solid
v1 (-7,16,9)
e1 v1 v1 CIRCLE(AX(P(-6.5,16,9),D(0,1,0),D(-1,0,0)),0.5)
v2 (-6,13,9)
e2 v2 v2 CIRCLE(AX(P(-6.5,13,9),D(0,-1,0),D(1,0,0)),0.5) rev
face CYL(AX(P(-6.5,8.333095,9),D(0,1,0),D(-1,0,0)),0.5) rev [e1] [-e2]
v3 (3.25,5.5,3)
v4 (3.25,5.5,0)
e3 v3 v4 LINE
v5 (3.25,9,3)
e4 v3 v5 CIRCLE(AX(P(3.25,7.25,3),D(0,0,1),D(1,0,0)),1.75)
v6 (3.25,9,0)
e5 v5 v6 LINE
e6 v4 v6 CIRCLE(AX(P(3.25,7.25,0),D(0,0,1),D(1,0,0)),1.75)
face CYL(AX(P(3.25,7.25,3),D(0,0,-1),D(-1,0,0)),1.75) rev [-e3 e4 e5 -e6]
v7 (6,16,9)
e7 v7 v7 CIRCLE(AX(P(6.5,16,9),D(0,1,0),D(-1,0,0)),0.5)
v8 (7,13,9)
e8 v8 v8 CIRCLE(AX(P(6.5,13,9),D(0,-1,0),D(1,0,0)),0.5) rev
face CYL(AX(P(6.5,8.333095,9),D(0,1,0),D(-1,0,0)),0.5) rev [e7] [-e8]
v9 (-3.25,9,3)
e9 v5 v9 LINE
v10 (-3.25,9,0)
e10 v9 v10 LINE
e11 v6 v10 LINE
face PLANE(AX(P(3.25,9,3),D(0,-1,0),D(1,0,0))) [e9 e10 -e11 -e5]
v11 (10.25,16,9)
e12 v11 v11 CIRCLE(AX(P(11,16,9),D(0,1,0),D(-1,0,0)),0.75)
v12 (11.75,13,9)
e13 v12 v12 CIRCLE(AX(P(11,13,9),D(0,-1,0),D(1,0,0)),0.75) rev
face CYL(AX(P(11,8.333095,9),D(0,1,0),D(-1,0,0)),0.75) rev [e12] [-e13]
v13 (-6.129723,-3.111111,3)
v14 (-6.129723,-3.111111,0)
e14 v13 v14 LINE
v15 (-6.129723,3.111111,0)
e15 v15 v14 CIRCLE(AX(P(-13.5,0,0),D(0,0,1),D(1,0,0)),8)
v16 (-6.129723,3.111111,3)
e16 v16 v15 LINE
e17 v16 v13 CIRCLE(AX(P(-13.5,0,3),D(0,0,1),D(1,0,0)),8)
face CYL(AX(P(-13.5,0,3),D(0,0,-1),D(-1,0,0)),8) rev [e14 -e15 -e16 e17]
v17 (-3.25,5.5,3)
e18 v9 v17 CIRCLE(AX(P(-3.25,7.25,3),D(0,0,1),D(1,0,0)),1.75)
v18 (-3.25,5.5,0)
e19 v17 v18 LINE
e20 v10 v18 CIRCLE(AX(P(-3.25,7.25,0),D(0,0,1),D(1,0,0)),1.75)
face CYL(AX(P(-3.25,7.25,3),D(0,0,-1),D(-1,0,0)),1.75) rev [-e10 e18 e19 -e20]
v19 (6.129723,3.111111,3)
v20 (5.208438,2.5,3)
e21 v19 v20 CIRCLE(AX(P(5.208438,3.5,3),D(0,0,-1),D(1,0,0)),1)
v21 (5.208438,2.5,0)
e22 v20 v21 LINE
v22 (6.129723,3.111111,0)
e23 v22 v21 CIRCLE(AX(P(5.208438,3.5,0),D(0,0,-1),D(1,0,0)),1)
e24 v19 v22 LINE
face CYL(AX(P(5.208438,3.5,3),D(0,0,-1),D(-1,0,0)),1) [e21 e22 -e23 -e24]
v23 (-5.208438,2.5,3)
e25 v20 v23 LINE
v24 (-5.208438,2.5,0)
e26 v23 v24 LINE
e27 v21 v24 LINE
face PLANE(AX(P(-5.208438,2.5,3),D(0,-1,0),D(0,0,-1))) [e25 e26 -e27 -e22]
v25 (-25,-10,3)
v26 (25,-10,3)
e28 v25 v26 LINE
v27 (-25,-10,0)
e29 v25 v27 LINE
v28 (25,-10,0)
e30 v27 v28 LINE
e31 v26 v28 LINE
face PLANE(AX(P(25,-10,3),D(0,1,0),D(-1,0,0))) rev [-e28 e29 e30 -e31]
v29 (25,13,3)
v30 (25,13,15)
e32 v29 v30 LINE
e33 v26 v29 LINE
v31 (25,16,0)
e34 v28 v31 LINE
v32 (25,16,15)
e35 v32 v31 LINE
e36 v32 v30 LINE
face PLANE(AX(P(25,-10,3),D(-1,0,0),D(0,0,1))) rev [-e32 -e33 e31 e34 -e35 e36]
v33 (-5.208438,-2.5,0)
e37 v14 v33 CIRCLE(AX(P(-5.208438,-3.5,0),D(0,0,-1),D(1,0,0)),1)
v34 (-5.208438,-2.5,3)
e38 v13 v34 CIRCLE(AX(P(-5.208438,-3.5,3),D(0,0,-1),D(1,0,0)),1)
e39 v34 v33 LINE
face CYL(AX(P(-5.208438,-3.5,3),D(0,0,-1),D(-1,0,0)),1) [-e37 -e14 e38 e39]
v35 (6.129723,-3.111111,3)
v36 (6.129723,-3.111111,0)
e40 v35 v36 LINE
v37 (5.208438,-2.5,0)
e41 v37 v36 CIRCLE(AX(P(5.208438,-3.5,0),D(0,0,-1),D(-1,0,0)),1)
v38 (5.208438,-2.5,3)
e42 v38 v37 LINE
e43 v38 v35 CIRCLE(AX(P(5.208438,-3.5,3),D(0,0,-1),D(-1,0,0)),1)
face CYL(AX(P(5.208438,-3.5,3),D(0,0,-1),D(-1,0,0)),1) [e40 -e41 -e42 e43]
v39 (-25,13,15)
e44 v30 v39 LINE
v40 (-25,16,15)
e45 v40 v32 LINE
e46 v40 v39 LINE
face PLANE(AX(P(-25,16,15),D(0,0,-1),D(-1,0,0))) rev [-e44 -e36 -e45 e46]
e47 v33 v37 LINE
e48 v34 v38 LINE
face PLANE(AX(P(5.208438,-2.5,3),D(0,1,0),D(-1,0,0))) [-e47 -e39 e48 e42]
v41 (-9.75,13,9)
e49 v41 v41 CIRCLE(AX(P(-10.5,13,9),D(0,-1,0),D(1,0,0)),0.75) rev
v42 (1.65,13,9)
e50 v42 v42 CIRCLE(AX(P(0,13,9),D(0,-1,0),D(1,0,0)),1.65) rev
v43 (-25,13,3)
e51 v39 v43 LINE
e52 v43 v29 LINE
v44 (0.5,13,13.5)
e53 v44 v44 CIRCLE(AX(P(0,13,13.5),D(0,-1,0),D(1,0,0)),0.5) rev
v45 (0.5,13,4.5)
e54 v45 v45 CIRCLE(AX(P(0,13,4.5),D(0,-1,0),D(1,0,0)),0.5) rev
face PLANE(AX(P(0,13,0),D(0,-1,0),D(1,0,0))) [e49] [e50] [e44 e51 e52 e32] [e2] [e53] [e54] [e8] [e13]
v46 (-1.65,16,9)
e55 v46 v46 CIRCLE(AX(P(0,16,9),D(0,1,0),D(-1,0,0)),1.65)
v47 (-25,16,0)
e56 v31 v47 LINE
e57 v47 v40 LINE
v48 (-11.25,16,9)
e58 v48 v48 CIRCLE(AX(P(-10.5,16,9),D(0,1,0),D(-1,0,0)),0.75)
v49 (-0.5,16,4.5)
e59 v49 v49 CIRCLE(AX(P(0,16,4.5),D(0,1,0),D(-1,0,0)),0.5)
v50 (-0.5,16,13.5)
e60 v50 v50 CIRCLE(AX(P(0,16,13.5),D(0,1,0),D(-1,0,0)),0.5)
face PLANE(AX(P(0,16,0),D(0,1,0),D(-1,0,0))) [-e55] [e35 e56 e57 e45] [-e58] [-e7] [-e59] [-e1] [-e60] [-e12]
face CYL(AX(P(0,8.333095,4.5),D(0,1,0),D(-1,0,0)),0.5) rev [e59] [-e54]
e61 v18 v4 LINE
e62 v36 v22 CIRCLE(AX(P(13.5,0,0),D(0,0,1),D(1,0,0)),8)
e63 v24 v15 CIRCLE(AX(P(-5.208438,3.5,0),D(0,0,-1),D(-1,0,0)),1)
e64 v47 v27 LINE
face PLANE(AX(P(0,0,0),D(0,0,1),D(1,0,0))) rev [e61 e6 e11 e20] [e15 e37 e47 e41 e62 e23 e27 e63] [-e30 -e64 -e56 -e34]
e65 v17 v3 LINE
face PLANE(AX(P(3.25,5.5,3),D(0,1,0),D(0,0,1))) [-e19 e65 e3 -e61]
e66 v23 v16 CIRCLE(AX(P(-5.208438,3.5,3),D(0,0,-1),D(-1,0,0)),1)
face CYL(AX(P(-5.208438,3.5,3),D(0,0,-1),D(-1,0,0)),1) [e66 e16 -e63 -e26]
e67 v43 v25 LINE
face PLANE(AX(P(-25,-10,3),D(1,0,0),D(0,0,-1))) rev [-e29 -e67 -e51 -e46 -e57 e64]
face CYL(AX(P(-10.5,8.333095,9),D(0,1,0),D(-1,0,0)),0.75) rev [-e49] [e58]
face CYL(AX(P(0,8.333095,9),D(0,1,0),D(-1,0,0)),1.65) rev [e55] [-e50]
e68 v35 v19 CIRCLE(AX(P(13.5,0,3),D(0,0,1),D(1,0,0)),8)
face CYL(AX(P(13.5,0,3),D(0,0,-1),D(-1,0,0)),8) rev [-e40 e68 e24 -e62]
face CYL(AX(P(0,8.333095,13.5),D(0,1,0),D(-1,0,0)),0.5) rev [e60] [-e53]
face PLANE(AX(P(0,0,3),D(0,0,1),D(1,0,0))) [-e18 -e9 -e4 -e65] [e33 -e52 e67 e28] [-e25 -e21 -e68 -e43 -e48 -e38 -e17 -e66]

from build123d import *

# Parameters (mm, degrees)
SKETCH_1_W          = 50
SKETCH_1_H          = 20
EXTRUDE_1_DEPTH     = 3
SKETCH_2_W          = 50
SKETCH_2_H          = 15
EXTRUDE_2_DEPTH     = 6
SKETCH_5_W          = 50
SKETCH_5_H          = 12
CUT_EXTRUDE_2_DEPTH = 3
SKETCH_4_R          = 1.65
SKETCH_4_R_2        = 0.5
SKETCH_4_R_3        = 0.75
CUT_EXTRUDE_1_DEPTH = 3


with BuildPart() as part:
    # 草图1 → 凸台-拉伸1 (new body)
    with BuildSketch(Plane.XY):
        Rectangle(SKETCH_1_W, SKETCH_1_H)
        with BuildLine():
            Line((-5.208438024, 2.5), (5.208438024, 2.5))
            ThreePointArc((5.208438024, 2.5), (5.761208823, 2.666666667), (6.129722688, 3.111111111))
            ThreePointArc((6.129722688, 3.111111111), (21.5, 0), (6.129722688, -3.111111111))
            ThreePointArc((6.129722688, -3.111111111), (5.761208823, -2.666666667), (5.208438024, -2.5))
            Line((5.208438024, -2.5), (-5.208438024, -2.5))
            ThreePointArc((-5.208438024, -2.5), (-5.761208823, -2.666666667), (-6.129722688, -3.111111111))
            ThreePointArc((-6.129722688, -3.111111111), (-21.5, 0), (-6.129722688, 3.111111111))
            ThreePointArc((-6.129722688, 3.111111111), (-5.761208823, 2.666666667), (-5.208438024, 2.5))
        make_face(mode=Mode.SUBTRACT)
        with BuildLine():
            Line((3.25, 5.5), (-3.25, 5.5))
            ThreePointArc((-3.25, 5.5), (-5, 7.25), (-3.25, 9))
            Line((-3.25, 9), (3.25, 9))
            ThreePointArc((3.25, 9), (5, 7.25), (3.25, 5.5))
        make_face(mode=Mode.SUBTRACT)
    extrude(amount=EXTRUDE_1_DEPTH)

    # 草图2 → 凸台-拉伸2 (add)
    with BuildSketch(Plane(origin=(0, 10, 0), x_dir=(1, 0, 0), z_dir=(0, 1, 0))):
        with Locations((0, -7.5)):
            Rectangle(SKETCH_2_W, SKETCH_2_H)
    extrude(amount=EXTRUDE_2_DEPTH)

    # 草图5 → 切除-拉伸2 (cut)
    with BuildSketch(Plane.XZ.offset(-10)):
        with Locations((0, 9)):
            Rectangle(SKETCH_5_W, SKETCH_5_H)
    extrude(amount=-CUT_EXTRUDE_2_DEPTH, mode=Mode.SUBTRACT)

    # 草图4 → 切除-拉伸1 (cut)
    with BuildSketch(Plane(origin=(0, 16, 0), x_dir=(1, 0, 0), z_dir=(0, 1, 0))):
        with Locations((0, -9)):
            Circle(SKETCH_4_R)
        with Locations((6.5, -9)):
            Circle(SKETCH_4_R_2)
        with Locations((-6.5, -9)):
            Circle(SKETCH_4_R_2)
        with Locations((11, -9)):
            Circle(SKETCH_4_R_3)
        with Locations((-10.5, -9)):
            Circle(SKETCH_4_R_3)
        with Locations((0, -4.5)):
            Circle(SKETCH_4_R_2)
        with Locations((0, -13.5)):
            Circle(SKETCH_4_R_2)
    extrude(amount=-CUT_EXTRUDE_1_DEPTH, mode=Mode.SUBTRACT)


solid = part.part
